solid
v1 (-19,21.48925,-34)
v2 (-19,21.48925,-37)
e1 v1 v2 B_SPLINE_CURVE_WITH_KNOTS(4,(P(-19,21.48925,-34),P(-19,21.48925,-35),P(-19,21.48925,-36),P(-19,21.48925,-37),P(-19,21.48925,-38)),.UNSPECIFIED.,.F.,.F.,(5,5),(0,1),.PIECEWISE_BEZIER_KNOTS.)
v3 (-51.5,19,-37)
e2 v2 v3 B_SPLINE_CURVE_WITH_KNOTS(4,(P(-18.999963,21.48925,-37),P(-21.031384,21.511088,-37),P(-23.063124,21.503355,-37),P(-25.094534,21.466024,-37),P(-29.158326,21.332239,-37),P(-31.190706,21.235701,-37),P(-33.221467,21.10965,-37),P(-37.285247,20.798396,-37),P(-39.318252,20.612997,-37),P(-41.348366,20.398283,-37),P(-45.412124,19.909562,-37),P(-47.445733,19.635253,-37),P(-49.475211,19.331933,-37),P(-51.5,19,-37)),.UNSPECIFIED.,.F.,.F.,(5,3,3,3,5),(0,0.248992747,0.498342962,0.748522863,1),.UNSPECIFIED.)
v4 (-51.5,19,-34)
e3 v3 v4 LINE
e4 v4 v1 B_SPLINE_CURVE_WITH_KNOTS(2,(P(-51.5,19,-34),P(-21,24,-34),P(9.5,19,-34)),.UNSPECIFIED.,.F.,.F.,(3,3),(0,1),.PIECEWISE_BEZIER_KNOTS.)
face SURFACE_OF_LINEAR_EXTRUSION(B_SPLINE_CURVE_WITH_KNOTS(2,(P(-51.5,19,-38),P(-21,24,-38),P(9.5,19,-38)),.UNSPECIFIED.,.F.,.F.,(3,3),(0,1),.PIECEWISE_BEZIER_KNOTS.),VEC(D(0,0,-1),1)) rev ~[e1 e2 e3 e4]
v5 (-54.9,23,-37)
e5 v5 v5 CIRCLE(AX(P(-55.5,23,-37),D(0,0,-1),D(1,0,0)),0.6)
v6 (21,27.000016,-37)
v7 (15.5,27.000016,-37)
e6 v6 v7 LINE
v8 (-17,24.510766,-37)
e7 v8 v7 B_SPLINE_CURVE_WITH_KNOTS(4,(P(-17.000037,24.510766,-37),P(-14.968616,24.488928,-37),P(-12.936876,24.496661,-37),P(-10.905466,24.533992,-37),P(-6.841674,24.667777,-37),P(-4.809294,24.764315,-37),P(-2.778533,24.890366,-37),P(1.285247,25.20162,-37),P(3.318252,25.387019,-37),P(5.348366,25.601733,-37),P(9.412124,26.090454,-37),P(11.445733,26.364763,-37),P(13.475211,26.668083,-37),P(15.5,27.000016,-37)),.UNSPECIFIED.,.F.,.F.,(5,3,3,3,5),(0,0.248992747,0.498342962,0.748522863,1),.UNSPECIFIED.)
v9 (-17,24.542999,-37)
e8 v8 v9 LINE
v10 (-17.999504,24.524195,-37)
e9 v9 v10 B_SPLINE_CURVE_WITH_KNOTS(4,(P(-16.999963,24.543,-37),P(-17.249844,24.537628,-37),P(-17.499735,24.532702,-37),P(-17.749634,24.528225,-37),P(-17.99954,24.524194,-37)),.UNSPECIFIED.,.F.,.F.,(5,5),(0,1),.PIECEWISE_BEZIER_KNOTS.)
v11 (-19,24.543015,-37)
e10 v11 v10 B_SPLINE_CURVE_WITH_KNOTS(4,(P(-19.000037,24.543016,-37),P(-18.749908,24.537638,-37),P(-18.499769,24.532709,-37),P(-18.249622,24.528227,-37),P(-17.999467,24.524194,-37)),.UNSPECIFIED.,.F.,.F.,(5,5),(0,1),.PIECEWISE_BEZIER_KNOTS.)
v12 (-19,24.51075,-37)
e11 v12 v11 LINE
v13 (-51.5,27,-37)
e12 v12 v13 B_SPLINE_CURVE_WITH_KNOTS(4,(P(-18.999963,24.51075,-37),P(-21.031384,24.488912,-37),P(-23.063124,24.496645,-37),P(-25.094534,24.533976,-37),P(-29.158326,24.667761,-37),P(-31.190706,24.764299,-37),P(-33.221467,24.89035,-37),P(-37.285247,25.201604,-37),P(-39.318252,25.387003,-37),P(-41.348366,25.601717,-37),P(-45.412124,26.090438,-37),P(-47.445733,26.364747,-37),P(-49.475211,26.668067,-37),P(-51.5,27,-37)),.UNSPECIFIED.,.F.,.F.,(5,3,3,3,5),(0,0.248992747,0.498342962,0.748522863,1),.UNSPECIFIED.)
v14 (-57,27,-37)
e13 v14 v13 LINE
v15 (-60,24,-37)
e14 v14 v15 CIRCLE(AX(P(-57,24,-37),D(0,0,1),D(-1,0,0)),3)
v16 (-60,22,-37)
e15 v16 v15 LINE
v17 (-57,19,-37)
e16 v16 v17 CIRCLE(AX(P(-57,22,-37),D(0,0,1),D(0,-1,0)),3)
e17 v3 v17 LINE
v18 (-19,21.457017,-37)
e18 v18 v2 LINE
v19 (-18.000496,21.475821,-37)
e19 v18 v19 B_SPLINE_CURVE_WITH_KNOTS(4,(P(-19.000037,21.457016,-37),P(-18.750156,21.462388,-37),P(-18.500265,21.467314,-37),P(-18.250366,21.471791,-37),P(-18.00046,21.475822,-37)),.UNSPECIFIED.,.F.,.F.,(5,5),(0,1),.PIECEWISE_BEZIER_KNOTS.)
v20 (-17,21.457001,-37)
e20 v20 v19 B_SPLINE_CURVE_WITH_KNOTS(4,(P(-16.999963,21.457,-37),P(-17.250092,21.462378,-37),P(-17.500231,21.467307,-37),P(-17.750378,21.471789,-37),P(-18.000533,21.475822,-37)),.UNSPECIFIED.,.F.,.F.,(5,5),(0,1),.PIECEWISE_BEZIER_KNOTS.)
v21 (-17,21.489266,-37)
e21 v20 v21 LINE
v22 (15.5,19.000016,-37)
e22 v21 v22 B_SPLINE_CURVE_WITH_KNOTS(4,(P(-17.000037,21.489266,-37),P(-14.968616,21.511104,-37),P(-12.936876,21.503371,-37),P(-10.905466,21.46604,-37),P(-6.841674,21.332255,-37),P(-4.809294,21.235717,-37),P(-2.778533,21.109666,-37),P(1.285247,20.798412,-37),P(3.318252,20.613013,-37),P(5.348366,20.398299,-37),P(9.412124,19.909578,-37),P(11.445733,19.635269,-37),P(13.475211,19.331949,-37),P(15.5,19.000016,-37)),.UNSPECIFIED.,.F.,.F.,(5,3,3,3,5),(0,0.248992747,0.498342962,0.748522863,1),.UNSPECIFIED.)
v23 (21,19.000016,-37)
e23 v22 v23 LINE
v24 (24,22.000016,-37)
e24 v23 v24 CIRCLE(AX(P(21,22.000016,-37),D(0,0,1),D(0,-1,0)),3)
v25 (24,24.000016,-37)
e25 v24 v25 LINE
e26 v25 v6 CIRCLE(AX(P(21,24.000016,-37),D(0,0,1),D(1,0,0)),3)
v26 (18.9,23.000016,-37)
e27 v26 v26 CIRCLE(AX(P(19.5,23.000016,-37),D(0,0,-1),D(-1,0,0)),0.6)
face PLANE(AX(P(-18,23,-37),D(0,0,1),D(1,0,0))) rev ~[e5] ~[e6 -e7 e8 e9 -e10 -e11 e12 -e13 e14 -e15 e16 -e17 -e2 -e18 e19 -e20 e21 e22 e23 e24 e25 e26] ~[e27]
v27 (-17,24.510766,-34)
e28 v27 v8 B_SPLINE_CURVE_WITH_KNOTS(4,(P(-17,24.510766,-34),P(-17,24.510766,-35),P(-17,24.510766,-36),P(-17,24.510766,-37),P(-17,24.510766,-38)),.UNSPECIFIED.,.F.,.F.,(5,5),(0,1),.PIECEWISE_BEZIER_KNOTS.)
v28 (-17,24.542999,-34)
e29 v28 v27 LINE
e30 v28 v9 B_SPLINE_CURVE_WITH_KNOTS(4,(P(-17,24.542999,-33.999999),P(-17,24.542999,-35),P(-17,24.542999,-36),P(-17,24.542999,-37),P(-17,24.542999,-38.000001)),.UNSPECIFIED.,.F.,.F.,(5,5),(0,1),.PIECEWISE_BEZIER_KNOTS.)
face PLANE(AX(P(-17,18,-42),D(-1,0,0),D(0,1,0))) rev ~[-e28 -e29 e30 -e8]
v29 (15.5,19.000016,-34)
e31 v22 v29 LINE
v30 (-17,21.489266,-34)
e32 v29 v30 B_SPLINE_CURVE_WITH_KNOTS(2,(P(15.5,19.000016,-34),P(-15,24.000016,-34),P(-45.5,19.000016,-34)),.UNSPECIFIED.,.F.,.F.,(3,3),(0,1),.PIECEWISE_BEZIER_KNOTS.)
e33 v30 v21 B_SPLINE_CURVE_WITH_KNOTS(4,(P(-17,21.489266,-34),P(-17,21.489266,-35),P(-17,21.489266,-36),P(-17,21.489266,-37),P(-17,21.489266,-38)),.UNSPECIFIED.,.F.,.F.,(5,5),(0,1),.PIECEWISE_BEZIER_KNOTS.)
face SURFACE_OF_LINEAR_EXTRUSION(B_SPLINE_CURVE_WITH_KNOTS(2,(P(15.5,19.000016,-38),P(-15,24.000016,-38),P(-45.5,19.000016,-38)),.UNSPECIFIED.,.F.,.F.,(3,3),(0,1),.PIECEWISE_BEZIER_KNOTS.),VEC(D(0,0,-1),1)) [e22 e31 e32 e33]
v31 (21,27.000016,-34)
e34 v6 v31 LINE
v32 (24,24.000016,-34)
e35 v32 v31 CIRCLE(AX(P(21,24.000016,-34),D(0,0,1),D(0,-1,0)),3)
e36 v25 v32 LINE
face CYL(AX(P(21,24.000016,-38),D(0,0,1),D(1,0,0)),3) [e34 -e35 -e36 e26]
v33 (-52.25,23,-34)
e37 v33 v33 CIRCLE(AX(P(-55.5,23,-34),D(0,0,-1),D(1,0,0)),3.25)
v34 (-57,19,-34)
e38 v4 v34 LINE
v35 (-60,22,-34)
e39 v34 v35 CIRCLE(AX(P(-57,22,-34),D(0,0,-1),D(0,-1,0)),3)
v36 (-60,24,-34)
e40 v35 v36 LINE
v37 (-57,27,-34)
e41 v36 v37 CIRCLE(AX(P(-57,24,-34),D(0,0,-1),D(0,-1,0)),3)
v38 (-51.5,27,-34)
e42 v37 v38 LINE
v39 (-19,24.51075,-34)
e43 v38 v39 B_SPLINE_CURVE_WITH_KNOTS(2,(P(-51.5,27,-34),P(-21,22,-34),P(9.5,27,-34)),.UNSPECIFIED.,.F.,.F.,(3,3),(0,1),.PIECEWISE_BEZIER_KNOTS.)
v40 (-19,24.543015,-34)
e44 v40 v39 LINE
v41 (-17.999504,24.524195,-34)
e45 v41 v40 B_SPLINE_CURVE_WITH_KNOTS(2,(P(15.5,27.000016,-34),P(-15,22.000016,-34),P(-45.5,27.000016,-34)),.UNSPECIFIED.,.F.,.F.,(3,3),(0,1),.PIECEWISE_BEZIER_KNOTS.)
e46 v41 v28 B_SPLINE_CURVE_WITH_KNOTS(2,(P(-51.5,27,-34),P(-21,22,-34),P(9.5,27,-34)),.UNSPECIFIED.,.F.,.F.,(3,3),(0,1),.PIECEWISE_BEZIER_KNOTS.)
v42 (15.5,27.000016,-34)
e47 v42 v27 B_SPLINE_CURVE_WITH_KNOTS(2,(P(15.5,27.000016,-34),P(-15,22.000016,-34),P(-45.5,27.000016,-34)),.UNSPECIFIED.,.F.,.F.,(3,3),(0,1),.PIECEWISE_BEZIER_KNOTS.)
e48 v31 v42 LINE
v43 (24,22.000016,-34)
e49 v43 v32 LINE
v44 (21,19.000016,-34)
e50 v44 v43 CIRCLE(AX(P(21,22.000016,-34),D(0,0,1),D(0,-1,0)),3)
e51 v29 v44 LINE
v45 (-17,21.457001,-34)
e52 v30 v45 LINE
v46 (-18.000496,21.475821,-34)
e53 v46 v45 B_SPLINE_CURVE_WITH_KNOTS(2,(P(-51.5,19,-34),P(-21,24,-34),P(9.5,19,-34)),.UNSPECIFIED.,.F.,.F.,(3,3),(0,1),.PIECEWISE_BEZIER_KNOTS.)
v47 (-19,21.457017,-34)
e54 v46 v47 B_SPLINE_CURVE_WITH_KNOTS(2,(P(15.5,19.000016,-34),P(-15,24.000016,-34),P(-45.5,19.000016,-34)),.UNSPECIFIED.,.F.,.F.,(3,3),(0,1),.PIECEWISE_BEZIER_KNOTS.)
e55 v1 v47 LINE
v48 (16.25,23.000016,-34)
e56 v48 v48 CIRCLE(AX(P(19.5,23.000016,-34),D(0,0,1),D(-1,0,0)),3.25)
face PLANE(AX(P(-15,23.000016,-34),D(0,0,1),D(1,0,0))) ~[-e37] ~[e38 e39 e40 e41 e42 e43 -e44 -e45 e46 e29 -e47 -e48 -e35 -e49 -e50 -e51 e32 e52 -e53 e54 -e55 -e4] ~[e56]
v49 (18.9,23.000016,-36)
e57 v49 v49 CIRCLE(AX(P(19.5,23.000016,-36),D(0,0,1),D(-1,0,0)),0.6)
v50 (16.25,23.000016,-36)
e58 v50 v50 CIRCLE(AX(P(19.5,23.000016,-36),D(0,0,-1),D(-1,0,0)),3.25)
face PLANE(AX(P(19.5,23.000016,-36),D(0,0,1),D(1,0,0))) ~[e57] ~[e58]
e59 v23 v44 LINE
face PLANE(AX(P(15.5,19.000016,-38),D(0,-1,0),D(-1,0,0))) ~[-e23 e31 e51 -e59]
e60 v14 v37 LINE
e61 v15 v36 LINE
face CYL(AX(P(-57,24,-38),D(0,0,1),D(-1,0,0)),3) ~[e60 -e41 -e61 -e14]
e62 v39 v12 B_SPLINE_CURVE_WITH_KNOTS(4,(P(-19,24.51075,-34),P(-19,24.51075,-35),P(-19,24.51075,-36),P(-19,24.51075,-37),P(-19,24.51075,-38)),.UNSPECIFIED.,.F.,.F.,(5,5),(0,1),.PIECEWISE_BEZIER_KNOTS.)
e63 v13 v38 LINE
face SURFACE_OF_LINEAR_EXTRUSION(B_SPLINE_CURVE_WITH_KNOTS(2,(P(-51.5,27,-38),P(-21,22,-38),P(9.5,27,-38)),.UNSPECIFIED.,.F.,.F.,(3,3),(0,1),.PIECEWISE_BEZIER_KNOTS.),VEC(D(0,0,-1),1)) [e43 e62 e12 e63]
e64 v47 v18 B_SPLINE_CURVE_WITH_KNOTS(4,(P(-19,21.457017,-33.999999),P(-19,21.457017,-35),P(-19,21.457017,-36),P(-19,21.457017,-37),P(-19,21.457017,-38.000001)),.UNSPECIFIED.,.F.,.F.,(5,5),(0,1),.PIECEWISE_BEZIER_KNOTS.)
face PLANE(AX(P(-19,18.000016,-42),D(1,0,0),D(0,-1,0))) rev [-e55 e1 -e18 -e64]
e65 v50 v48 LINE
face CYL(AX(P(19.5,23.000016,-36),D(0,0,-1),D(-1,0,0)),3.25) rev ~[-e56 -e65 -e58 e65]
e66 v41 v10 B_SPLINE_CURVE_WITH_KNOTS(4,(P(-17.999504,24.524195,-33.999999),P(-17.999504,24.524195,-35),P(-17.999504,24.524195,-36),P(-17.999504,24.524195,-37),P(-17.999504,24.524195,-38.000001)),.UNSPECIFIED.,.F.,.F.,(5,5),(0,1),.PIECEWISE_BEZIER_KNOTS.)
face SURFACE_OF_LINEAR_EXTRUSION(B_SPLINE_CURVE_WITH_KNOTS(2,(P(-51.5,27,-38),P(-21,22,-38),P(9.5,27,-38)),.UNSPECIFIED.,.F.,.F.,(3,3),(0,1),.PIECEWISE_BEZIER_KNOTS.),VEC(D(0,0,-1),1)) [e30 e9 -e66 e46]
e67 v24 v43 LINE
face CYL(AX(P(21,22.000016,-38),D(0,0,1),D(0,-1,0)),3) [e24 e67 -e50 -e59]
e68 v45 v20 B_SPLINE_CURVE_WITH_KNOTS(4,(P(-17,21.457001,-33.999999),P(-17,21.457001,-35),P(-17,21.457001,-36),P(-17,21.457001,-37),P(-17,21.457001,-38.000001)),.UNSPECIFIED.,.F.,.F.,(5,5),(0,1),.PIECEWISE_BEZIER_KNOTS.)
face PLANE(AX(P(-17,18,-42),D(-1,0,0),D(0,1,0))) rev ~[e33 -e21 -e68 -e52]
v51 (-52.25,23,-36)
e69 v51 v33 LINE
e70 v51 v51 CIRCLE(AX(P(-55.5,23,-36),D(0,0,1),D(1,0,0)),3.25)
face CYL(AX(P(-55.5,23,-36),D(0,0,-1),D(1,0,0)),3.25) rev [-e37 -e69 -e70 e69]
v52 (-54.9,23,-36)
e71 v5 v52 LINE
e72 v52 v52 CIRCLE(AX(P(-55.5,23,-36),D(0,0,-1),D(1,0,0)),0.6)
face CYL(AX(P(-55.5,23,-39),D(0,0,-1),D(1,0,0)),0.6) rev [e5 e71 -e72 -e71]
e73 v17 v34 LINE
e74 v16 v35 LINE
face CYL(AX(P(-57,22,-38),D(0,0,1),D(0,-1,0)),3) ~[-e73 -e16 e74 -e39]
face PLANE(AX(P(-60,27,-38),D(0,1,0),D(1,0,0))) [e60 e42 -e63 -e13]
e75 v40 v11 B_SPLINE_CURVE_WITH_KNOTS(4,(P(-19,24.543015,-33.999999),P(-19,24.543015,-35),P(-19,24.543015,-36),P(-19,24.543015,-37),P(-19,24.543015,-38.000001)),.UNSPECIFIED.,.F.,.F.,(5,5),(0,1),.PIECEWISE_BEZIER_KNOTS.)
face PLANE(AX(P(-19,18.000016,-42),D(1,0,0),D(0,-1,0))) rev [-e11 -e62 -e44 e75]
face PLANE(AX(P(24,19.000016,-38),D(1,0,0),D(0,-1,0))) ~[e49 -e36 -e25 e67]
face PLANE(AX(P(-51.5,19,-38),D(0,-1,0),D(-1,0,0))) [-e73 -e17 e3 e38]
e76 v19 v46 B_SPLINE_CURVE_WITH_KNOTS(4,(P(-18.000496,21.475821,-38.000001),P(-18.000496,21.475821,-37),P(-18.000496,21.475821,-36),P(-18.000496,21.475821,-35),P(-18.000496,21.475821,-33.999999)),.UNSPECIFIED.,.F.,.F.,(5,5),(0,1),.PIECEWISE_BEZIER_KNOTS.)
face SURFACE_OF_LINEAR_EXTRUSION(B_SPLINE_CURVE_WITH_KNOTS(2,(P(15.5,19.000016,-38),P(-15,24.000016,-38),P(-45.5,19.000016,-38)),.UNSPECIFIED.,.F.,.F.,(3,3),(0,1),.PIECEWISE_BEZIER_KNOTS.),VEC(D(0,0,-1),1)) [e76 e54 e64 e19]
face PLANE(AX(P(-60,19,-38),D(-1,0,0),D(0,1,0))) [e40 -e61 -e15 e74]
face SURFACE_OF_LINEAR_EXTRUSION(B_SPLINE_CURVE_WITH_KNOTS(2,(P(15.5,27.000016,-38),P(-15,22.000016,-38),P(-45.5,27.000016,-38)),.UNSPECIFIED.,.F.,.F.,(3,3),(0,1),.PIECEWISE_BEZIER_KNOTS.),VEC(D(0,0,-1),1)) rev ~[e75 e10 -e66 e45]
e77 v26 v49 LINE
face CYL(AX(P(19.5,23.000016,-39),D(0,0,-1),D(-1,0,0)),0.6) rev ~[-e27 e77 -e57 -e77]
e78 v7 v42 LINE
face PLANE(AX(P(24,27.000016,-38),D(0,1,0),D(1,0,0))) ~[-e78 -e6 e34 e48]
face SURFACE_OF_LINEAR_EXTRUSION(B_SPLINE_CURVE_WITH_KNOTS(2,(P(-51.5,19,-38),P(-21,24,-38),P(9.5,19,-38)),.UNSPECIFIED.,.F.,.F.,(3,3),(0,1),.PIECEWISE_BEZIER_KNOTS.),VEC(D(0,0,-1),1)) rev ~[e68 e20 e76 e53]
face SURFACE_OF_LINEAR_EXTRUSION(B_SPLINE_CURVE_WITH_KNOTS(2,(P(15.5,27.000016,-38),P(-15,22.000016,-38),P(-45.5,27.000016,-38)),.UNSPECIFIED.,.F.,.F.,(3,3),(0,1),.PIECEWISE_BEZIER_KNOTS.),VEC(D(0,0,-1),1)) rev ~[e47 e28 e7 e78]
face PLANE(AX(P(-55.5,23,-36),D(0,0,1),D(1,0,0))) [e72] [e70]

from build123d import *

# Parameters (mm, degrees)
BOX129_W                          = 90
BOX129_H                          = 9
BOX129_DEPTH                      = 4
BOX128_W                          = 40
BOX128_H                          = 10
BOX128_DEPTH                      = 10
CYLINDER218_R                     = 3.25
CYLINDER218_DEPTH                 = 3.5
CYLINDER219_R                     = 0.6
CYLINDER219_DEPTH                 = 9.5
CYLINDER214_R                     = 0.6
CYLINDER214_DEPTH                 = 9.5
CYLINDER216_R                     = 3.25
CYLINDER216_DEPTH                 = 3.5
PAD019_DEPTH                      = 4
FILLET088_R                       = 3
PART_MIRRORING005_PLACEMENT_ANGLE = 180
BOX127_W                          = 40
BOX127_H                          = 10
BOX127_DEPTH                      = 10
CYLINDER220_R                     = 3.25
CYLINDER220_DEPTH                 = 3.5
CYLINDER213_R                     = 0.6
CYLINDER213_DEPTH                 = 9.5
CYLINDER215_R                     = 0.6
CYLINDER215_DEPTH                 = 9.5
CYLINDER217_R                     = 3.25
CYLINDER217_DEPTH                 = 3.5
PAD018_DEPTH                      = 4
FILLET089_R                       = 3


with BuildPart() as w_rfel119:
    # Box129 → Box129 (new body)
    with BuildSketch(Plane(origin=(-63, -27.5, -41), x_dir=(1, 0, 0), z_dir=(0, 0, 1))):
        with Locations((45, 4.5)):
            Rectangle(BOX129_W, BOX129_H)
    extrude(amount=BOX129_DEPTH)


with BuildPart() as w_rfel118:
    # Box128 → Box128 (new body)
    with BuildSketch(Plane(origin=(-14, -72, -42), x_dir=(1, 0, 0), z_dir=(0, 0, 1))):
        with Locations((20, 5)):
            Rectangle(BOX128_W, BOX128_H)
    extrude(amount=BOX128_DEPTH)


with BuildPart() as zylinder218:
    # Cylinder218 → Cylinder218 (new body)
    with BuildSketch(Plane(origin=(-52.5, 23, -36), x_dir=(1, 0, 0), z_dir=(0, 0, 1))):
        Circle(CYLINDER218_R)
    extrude(amount=CYLINDER218_DEPTH)


with BuildPart() as zylinder219:
    # Cylinder219 → Cylinder219 (new body)
    with BuildSketch(Plane(origin=(16.5, 23, -39), x_dir=(1, 0, 0), z_dir=(0, 0, 1))):
        Circle(CYLINDER219_R)
    extrude(amount=CYLINDER219_DEPTH)


with BuildPart() as zylinder214:
    # Cylinder214 → Cylinder214 (new body)
    with BuildSketch(Plane(origin=(-52.5, 23, -39), x_dir=(1, 0, 0), z_dir=(0, 0, 1))):
        Circle(CYLINDER214_R)
    extrude(amount=CYLINDER214_DEPTH)


with BuildPart() as fusion138:
    # Cylinder216 → Cylinder216 (new body)
    with BuildSketch(Plane(origin=(16.5, 23, -36), x_dir=(1, 0, 0), z_dir=(0, 0, 1))):
        Circle(CYLINDER216_R)
    extrude(amount=CYLINDER216_DEPTH)

    # Fusion138: union Zylinder218, Zylinder219, Zylinder214
    add(zylinder218.part)
    add(zylinder219.part)
    add(zylinder214.part)


with BuildPart() as cut096:
    # Sketch018 → Pad019 (new body)
    with BuildSketch(Plane.XY):
        with BuildLine():
            add(Edge.make_bspline(
                [(-48.5, 19), (-18, 24), (12.5, 19)],
                knots=[0, 0, 0, 1, 1, 1], degree=2))
            Line((-48.5, 19), (-57, 19))
            Line((-57, 19), (-57, 27))
            Line((-57, 27), (-48.5, 27))
            add(Edge.make_bspline(
                [(-48.5, 27), (-18, 22), (12.5, 27)],
                knots=[0, 0, 0, 1, 1, 1], degree=2))
            Line((12.5, 27), (21, 27))
            Line((21, 27), (21, 19))
            Line((21, 19), (12.5, 19))
        make_face()
    extrude(amount=PAD019_DEPTH)


with BuildPart() as cut096_1:
    # Body009 placement: moved
    add(cut096.part.moved(Location((0, 0, -38))))

    # Cut094: cut Fusion138
    add(fusion138.part, mode=Mode.SUBTRACT)

    # Fillet088
    fillet088_edges = [cut096_1.edges().sort_by_distance(p)[0] for p in [
        (-57, 19, -36),
        (21, 19, -36),
        (-57, 27, -36),
        (21, 27, -36),
    ]]
    fillet(fillet088_edges, radius=FILLET088_R)


with BuildPart() as cut096_2:
    # Fillet088 placement: moved
    add(cut096_1.part.moved(Location((0, -90, 0))))

    # Cut096: cut Würfel118
    add(w_rfel118.part, mode=Mode.SUBTRACT)


with BuildPart() as cut096_3:
    # Cut096 placement: moved
    add(cut096_2.part.moved(Location((-5, 35, 0))))


with BuildPart() as part_mirroring005:
    # Part__Mirroring005: instance of Cut096
    add(cut096_3.part.mirror(Plane(origin=(-40.5, -8e-06, -36), x_dir=(1, 0, 0), z_dir=(0, 1, 0))))


with BuildPart() as part_mirroring005_1:
    # Part__Mirroring005 placement: moved
    add(part_mirroring005.part.moved(Location((-38, 9, 0))).rotate(Axis((-38, 9, 0), (0, 0, 1)), PART_MIRRORING005_PLACEMENT_ANGLE))


with BuildPart() as w_rfel117:
    # Box127 → Box127 (new body)
    with BuildSketch(Plane(origin=(-14, -72, -42), x_dir=(1, 0, 0), z_dir=(0, 0, 1))):
        with Locations((20, 5)):
            Rectangle(BOX127_W, BOX127_H)
    extrude(amount=BOX127_DEPTH)


with BuildPart() as zylinder220:
    # Cylinder220 → Cylinder220 (new body)
    with BuildSketch(Plane(origin=(-52.5, 23, -36), x_dir=(1, 0, 0), z_dir=(0, 0, 1))):
        Circle(CYLINDER220_R)
    extrude(amount=CYLINDER220_DEPTH)


with BuildPart() as zylinder213:
    # Cylinder213 → Cylinder213 (new body)
    with BuildSketch(Plane(origin=(16.5, 23, -39), x_dir=(1, 0, 0), z_dir=(0, 0, 1))):
        Circle(CYLINDER213_R)
    extrude(amount=CYLINDER213_DEPTH)


with BuildPart() as zylinder215:
    # Cylinder215 → Cylinder215 (new body)
    with BuildSketch(Plane(origin=(-52.5, 23, -39), x_dir=(1, 0, 0), z_dir=(0, 0, 1))):
        Circle(CYLINDER215_R)
    extrude(amount=CYLINDER215_DEPTH)


with BuildPart() as fusion137:
    # Cylinder217 → Cylinder217 (new body)
    with BuildSketch(Plane(origin=(16.5, 23, -36), x_dir=(1, 0, 0), z_dir=(0, 0, 1))):
        Circle(CYLINDER217_R)
    extrude(amount=CYLINDER217_DEPTH)

    # Fusion137: union Zylinder220, Zylinder213, Zylinder215
    add(zylinder220.part)
    add(zylinder213.part)
    add(zylinder215.part)


with BuildPart() as cut092:
    # Sketch019 → Pad018 (new body)
    with BuildSketch(Plane.XY):
        with BuildLine():
            add(Edge.make_bspline(
                [(-48.5, 19), (-18, 24), (12.5, 19)],
                knots=[0, 0, 0, 1, 1, 1], degree=2))
            Line((-48.5, 19), (-57, 19))
            Line((-57, 19), (-57, 27))
            Line((-57, 27), (-48.5, 27))
            add(Edge.make_bspline(
                [(-48.5, 27), (-18, 22), (12.5, 27)],
                knots=[0, 0, 0, 1, 1, 1], degree=2))
            Line((12.5, 27), (21, 27))
            Line((21, 27), (21, 19))
            Line((21, 19), (12.5, 19))
        make_face()
    extrude(amount=PAD018_DEPTH)


with BuildPart() as cut092_1:
    # Body010 placement: moved
    add(cut092.part.moved(Location((0, 0, -38))))

    # Cut095: cut Fusion137
    add(fusion137.part, mode=Mode.SUBTRACT)

    # Fillet089
    fillet089_edges = [cut092_1.edges().sort_by_distance(p)[0] for p in [
        (-57, 19, -36),
        (21, 19, -36),
        (-57, 27, -36),
        (21, 27, -36),
    ]]
    fillet(fillet089_edges, radius=FILLET089_R)


with BuildPart() as cut092_2:
    # Fillet089 placement: moved
    add(cut092_1.part.moved(Location((0, -90, 0))))

    # Cut093: cut Würfel117
    add(w_rfel117.part, mode=Mode.SUBTRACT)


with BuildPart() as cut092_3:
    # Cut093 placement: moved
    add(cut092_2.part.moved(Location((-3, 44, 0))))

    # Fusion139: union Part__Mirroring005
    add(part_mirroring005_1.part)

    # Cut092: cut Würfel119
    add(w_rfel119.part, mode=Mode.SUBTRACT)


with BuildPart() as cut092_4:
    # Cut092 placement: moved
    add(cut092_3.part.moved(Location((0, 46, 0))))


solid = cut092_4.part
